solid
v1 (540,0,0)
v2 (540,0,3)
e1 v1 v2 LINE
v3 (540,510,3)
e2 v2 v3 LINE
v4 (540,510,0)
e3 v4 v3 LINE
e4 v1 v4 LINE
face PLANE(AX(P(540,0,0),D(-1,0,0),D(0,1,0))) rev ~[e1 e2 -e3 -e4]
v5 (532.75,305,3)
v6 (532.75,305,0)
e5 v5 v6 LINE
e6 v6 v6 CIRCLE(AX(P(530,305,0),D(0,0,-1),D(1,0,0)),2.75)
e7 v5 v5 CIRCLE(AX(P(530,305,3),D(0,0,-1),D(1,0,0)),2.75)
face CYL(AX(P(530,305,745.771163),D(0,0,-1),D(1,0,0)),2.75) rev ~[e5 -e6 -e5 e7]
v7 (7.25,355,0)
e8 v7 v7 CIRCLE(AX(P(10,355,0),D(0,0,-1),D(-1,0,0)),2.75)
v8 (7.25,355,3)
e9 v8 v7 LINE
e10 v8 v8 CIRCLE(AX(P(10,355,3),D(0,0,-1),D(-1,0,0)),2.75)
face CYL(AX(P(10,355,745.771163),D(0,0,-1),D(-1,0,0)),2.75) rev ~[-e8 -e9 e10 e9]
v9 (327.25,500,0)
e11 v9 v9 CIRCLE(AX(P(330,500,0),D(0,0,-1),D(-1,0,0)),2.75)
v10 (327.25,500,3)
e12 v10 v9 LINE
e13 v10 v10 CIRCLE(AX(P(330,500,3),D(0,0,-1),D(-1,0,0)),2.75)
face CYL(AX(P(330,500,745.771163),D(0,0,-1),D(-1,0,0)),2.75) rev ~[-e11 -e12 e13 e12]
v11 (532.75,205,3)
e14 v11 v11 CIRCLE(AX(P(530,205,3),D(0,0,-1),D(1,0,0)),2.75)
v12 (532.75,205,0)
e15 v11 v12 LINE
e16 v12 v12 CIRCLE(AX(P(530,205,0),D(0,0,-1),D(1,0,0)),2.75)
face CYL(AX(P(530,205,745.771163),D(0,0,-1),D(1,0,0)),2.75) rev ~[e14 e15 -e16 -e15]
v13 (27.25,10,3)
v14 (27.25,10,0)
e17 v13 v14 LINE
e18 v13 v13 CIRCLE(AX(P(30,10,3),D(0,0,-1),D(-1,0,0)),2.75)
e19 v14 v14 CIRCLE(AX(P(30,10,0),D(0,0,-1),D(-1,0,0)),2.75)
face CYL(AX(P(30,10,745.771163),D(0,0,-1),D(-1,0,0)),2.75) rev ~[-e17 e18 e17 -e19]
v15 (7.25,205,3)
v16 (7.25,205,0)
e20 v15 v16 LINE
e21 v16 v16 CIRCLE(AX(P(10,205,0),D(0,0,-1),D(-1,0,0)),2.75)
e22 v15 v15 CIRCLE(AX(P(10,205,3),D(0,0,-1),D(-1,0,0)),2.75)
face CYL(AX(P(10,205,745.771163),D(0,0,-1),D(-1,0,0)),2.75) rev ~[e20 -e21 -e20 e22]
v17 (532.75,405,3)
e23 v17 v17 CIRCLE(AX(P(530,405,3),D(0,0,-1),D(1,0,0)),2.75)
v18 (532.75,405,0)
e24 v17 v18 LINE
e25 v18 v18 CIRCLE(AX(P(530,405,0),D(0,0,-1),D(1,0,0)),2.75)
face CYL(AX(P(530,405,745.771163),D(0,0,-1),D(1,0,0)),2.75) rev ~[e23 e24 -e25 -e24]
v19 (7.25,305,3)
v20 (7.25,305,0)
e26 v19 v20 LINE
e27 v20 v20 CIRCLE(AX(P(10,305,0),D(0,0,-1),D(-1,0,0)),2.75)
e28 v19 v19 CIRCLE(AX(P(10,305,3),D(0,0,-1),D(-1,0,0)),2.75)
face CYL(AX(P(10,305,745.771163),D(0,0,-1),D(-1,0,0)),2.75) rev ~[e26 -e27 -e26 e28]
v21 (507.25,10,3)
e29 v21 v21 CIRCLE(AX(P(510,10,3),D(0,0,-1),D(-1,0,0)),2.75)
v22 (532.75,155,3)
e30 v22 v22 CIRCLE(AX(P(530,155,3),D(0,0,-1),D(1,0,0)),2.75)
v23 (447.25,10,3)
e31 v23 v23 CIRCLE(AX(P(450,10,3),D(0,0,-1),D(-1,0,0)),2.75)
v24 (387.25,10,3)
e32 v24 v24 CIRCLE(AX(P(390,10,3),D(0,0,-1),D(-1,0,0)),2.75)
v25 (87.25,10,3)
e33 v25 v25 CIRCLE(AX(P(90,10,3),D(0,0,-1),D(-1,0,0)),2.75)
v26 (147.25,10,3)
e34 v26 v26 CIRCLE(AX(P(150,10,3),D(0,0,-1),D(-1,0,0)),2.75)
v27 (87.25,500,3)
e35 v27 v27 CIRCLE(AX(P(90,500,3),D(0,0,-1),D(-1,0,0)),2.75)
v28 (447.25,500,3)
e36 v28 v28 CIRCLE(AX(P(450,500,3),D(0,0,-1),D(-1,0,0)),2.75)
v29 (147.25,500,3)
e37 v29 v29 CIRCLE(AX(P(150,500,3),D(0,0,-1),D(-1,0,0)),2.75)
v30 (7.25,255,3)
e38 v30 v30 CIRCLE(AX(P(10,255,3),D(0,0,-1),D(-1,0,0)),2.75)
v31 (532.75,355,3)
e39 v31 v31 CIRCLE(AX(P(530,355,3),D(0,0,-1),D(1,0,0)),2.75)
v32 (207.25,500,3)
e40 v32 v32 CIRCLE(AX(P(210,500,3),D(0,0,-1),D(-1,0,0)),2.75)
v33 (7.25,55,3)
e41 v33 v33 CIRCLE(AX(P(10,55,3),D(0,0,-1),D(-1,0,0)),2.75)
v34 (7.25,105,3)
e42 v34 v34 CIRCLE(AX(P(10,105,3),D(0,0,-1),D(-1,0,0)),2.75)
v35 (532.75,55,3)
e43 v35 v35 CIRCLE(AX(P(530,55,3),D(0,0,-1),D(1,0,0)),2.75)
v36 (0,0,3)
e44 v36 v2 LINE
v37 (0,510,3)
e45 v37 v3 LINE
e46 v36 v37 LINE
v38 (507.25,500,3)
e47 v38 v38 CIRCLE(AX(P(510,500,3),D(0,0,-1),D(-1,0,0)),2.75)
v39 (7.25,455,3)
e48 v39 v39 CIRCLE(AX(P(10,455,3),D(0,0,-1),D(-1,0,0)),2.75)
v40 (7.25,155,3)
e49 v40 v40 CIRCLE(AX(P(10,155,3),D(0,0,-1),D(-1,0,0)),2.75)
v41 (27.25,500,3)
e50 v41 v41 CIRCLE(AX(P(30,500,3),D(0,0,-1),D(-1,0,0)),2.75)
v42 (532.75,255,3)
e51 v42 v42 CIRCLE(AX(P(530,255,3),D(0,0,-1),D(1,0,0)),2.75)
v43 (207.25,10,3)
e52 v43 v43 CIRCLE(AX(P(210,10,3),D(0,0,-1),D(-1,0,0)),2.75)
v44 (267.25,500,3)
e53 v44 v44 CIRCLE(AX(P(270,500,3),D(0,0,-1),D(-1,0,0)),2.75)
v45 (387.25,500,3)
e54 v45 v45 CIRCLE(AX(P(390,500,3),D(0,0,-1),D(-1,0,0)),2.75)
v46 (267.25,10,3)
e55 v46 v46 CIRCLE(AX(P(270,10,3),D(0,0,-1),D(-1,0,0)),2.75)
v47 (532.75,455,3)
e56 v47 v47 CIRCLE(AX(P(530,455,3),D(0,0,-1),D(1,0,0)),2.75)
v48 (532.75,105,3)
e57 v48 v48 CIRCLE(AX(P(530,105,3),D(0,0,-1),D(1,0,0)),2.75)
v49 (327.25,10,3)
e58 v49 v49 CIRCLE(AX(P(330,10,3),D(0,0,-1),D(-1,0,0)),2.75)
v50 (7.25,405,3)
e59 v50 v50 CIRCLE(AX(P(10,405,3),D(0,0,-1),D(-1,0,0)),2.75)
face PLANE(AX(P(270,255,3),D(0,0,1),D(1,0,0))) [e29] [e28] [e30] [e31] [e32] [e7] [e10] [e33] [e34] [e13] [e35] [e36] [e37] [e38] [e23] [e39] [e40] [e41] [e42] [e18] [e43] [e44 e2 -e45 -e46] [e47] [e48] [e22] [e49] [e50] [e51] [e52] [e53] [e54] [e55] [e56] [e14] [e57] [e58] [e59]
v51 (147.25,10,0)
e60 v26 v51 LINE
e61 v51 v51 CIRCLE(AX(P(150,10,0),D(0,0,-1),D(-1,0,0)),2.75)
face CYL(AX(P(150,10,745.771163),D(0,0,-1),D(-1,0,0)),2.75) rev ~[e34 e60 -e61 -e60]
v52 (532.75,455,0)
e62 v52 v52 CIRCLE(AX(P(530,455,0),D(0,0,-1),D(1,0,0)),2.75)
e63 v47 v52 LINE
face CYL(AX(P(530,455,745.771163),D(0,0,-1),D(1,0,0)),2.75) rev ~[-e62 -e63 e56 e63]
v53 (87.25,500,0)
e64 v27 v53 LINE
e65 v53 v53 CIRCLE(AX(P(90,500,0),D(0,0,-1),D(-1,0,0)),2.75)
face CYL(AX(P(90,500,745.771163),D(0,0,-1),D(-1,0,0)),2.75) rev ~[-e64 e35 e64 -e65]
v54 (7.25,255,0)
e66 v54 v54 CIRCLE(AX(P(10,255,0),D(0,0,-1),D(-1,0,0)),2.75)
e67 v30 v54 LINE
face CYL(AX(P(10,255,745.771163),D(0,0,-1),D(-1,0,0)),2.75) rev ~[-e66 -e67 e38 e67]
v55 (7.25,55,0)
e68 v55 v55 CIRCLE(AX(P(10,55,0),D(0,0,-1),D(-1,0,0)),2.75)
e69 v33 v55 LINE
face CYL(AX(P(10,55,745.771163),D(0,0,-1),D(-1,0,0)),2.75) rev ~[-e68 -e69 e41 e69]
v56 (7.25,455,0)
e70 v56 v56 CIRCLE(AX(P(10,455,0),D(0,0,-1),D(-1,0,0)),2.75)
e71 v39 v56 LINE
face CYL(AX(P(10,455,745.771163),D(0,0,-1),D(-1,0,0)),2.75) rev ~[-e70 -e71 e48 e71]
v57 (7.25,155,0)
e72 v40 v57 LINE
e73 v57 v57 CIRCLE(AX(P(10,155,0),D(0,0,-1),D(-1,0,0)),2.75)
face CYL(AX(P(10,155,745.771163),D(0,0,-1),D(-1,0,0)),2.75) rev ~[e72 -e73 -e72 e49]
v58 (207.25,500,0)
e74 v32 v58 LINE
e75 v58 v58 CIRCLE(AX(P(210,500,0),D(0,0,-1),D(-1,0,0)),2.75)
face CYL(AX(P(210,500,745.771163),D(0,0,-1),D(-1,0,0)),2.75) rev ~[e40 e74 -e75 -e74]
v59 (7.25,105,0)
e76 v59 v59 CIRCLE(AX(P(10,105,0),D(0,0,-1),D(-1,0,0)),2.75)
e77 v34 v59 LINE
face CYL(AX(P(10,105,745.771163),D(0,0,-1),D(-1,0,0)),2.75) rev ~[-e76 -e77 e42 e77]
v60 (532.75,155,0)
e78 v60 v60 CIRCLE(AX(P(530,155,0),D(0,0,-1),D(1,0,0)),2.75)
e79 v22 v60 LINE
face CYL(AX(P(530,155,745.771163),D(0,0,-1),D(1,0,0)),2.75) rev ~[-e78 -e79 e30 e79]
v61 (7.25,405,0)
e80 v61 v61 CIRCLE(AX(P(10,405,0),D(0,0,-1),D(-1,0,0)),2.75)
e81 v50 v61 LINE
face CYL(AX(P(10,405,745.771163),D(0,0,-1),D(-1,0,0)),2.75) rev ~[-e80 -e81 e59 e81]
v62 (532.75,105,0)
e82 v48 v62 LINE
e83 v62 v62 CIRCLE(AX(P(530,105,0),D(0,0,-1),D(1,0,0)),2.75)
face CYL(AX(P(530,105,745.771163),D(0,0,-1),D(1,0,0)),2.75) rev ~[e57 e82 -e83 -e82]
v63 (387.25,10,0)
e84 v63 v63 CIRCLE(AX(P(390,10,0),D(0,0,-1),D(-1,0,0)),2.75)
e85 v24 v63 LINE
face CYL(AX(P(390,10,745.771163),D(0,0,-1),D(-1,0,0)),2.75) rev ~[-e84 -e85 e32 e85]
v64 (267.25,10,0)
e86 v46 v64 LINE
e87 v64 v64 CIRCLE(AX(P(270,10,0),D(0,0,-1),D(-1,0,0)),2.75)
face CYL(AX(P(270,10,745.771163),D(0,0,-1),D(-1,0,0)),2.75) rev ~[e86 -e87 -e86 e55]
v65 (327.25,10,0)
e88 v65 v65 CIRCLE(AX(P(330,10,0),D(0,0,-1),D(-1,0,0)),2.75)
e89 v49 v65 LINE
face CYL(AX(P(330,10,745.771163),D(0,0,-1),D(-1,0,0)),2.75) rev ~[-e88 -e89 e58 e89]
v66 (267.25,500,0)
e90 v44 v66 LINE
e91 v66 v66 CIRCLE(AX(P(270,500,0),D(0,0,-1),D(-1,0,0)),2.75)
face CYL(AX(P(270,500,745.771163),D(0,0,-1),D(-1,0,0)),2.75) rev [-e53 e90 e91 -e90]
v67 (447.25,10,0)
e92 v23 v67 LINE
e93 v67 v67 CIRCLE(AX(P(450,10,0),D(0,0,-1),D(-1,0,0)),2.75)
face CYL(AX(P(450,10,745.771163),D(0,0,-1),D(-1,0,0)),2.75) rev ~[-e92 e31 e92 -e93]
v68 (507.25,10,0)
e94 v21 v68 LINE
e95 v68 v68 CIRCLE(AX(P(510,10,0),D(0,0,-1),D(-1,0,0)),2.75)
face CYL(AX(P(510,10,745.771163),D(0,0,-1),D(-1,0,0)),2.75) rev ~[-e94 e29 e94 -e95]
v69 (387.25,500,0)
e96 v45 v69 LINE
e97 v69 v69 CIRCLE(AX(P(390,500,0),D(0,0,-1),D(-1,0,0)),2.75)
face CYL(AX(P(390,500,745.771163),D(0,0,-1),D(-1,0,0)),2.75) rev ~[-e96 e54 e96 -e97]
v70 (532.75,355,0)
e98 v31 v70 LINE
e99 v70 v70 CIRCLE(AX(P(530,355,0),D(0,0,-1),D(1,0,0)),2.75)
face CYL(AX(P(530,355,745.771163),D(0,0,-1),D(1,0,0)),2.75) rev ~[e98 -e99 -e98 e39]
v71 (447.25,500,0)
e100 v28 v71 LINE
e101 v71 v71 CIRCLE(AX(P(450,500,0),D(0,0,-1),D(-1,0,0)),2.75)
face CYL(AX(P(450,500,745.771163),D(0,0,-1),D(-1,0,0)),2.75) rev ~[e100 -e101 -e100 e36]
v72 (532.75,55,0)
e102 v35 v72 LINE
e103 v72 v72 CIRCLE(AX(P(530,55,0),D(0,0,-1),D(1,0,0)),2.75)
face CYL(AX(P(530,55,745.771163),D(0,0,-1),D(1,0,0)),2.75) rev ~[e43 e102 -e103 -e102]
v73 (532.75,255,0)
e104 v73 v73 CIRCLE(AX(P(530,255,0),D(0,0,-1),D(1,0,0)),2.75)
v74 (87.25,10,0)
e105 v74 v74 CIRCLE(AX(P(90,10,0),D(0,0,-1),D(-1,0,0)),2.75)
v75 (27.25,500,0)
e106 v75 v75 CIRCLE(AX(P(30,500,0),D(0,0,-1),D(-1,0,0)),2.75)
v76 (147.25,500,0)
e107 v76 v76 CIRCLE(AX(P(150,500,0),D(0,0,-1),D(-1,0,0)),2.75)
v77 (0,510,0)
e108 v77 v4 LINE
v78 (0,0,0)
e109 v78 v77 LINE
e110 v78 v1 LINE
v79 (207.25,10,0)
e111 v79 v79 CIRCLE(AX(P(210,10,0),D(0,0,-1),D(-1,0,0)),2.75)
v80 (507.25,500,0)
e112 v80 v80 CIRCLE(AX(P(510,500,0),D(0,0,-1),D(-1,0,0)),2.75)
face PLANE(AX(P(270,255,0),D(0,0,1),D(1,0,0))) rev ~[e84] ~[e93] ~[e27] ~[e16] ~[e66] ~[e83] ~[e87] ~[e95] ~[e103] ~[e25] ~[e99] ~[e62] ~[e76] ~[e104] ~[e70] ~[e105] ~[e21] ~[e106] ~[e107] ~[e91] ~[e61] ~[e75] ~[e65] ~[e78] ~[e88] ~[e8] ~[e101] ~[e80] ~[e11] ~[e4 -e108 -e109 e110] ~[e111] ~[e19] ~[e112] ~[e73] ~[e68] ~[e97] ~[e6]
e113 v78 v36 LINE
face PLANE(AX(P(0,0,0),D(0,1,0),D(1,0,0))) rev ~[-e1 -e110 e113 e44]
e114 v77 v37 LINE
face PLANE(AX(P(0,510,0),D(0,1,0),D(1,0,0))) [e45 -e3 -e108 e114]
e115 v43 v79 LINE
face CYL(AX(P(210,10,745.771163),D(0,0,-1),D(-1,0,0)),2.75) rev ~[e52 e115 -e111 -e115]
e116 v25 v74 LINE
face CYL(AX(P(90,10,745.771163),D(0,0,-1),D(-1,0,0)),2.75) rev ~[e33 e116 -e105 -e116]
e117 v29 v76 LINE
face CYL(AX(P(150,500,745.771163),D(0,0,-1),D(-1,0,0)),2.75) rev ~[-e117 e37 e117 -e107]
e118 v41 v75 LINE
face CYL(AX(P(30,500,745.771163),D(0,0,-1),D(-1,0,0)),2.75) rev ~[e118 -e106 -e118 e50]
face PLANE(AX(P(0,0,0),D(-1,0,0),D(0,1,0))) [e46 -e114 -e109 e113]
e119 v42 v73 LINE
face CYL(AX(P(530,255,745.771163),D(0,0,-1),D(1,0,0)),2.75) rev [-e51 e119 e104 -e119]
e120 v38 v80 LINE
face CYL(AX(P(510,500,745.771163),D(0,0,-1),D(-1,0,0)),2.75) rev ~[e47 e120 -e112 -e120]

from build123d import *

# Parameters (mm, degrees)
SKETCH1_W            = 540
SKETCH1_H            = 510
BOSS_EXTRUDE1_DEPTH  = 3
M5_CLEARANCE_HOLE1_D = 5.5
LPATTERN1_COUNT      = 5
LPATTERN1_PITCH      = 50
LPATTERN2_COUNT      = 5
LPATTERN2_PITCH      = 50
M5_CLEARANCE_HOLE2_D = 5.5
LPATTERN3_COUNT      = 5
LPATTERN3_PITCH      = 60
LPATTERN4_COUNT      = 5
LPATTERN4_PITCH      = 60
MIRROR1_COPY_1_D     = 5.5
MIRROR1_COPY_2_D     = 5.5
MIRROR1_COPY_3_D     = 5.5
MIRROR1_COPY_4_D     = 5.5
MIRROR1_COPY_5_D     = 5.5
MIRROR1_COPY_6_D     = 5.5
MIRROR1_COPY_7_D     = 5.5
MIRROR1_COPY_8_D     = 5.5
MIRROR2_COPY_1_D     = 5.5
MIRROR2_COPY_2_D     = 5.5
MIRROR2_COPY_3_D     = 5.5
MIRROR2_COPY_4_D     = 5.5
MIRROR2_COPY_5_D     = 5.5
MIRROR2_COPY_6_D     = 5.5
MIRROR2_COPY_7_D     = 5.5
MIRROR2_COPY_8_D     = 5.5


with BuildPart() as part:
    # Sketch1 → Boss-Extrude1 (new body)
    with BuildSketch(Plane.XY):
        with Locations((270, 255)):
            Rectangle(SKETCH1_W, SKETCH1_H)
    extrude(amount=BOSS_EXTRUDE1_DEPTH)

    # M5 Clearance Hole1 (through all)
    with Locations(Plane.XY.offset(3)):
        with Locations((10, 255)):
            m5_clearance_hole1 = Hole(M5_CLEARANCE_HOLE1_D / 2)

    # LPattern1: M5 Clearance Hole1 ×5
    with Locations(*[(0, i * LPATTERN1_PITCH, 0) for i in range(1, LPATTERN1_COUNT)]):
        add(m5_clearance_hole1, mode=Mode.SUBTRACT)

    # LPattern2: M5 Clearance Hole1 ×5
    with Locations(*[(0, -i * LPATTERN2_PITCH, 0) for i in range(1, LPATTERN2_COUNT)]):
        add(m5_clearance_hole1, mode=Mode.SUBTRACT)

    # M5 Clearance Hole2 (through all)
    with Locations(Plane.XY.offset(3)):
        with Locations((270, 10)):
            m5_clearance_hole2 = Hole(M5_CLEARANCE_HOLE2_D / 2)

    # LPattern3: M5 Clearance Hole2 ×5
    with Locations(*[(i * LPATTERN3_PITCH, 0, 0) for i in range(1, LPATTERN3_COUNT)]):
        add(m5_clearance_hole2, mode=Mode.SUBTRACT)

    # LPattern4: M5 Clearance Hole2 ×5
    with Locations(*[(-i * LPATTERN4_PITCH, 0, 0) for i in range(1, LPATTERN4_COUNT)]):
        add(m5_clearance_hole2, mode=Mode.SUBTRACT)

    # Mirror1: M5 Clearance Hole2 across plane
    add(m5_clearance_hole2.mirror(Plane.ZX.offset(255)), mode=Mode.SUBTRACT)

    # Mirror1 copy 1 (through all)
    with Locations(Plane(origin=(60, 510, 3), x_dir=(1, 0, 0), z_dir=(0, 0, 1))):
        with Locations((270, -10)):
            Hole(MIRROR1_COPY_1_D / 2)

    # Mirror1 copy 2 (through all)
    with Locations(Plane(origin=(120, 510, 3), x_dir=(1, 0, 0), z_dir=(0, 0, 1))):
        with Locations((270, -10)):
            Hole(MIRROR1_COPY_2_D / 2)

    # Mirror1 copy 3 (through all)
    with Locations(Plane(origin=(180, 510, 3), x_dir=(1, 0, 0), z_dir=(0, 0, 1))):
        with Locations((270, -10)):
            Hole(MIRROR1_COPY_3_D / 2)

    # Mirror1 copy 4 (through all)
    with Locations(Plane(origin=(240, 510, 3), x_dir=(1, 0, 0), z_dir=(0, 0, 1))):
        with Locations((270, -10)):
            Hole(MIRROR1_COPY_4_D / 2)

    # Mirror1 copy 5 (through all)
    with Locations(Plane(origin=(-60, 510, 3), x_dir=(1, 0, 0), z_dir=(0, 0, 1))):
        with Locations((270, -10)):
            Hole(MIRROR1_COPY_5_D / 2)

    # Mirror1 copy 6 (through all)
    with Locations(Plane(origin=(-120, 510, 3), x_dir=(1, 0, 0), z_dir=(0, 0, 1))):
        with Locations((270, -10)):
            Hole(MIRROR1_COPY_6_D / 2)

    # Mirror1 copy 7 (through all)
    with Locations(Plane(origin=(-180, 510, 3), x_dir=(1, 0, 0), z_dir=(0, 0, 1))):
        with Locations((270, -10)):
            Hole(MIRROR1_COPY_7_D / 2)

    # Mirror1 copy 8 (through all)
    with Locations(Plane(origin=(-240, 510, 3), x_dir=(1, 0, 0), z_dir=(0, 0, 1))):
        with Locations((270, -10)):
            Hole(MIRROR1_COPY_8_D / 2)

    # Mirror2: M5 Clearance Hole1 across plane
    add(m5_clearance_hole1.mirror(Plane.ZY.offset(-270)), mode=Mode.SUBTRACT)

    # Mirror2 copy 1 (through all)
    with Locations(Plane(origin=(540, 50, 3), x_dir=(-1, 0, 0), z_dir=(0, 0, 1))):
        with Locations((10, -255)):
            Hole(MIRROR2_COPY_1_D / 2)

    # Mirror2 copy 2 (through all)
    with Locations(Plane(origin=(540, 100, 3), x_dir=(-1, 0, 0), z_dir=(0, 0, 1))):
        with Locations((10, -255)):
            Hole(MIRROR2_COPY_2_D / 2)

    # Mirror2 copy 3 (through all)
    with Locations(Plane(origin=(540, 150, 3), x_dir=(-1, 0, 0), z_dir=(0, 0, 1))):
        with Locations((10, -255)):
            Hole(MIRROR2_COPY_3_D / 2)

    # Mirror2 copy 4 (through all)
    with Locations(Plane(origin=(540, 200, 3), x_dir=(-1, 0, 0), z_dir=(0, 0, 1))):
        with Locations((10, -255)):
            Hole(MIRROR2_COPY_4_D / 2)

    # Mirror2 copy 5 (through all)
    with Locations(Plane(origin=(540, -50, 3), x_dir=(-1, 0, 0), z_dir=(0, 0, 1))):
        with Locations((10, -255)):
            Hole(MIRROR2_COPY_5_D / 2)

    # Mirror2 copy 6 (through all)
    with Locations(Plane(origin=(540, -100, 3), x_dir=(-1, 0, 0), z_dir=(0, 0, 1))):
        with Locations((10, -255)):
            Hole(MIRROR2_COPY_6_D / 2)

    # Mirror2 copy 7 (through all)
    with Locations(Plane(origin=(540, -150, 3), x_dir=(-1, 0, 0), z_dir=(0, 0, 1))):
        with Locations((10, -255)):
            Hole(MIRROR2_COPY_7_D / 2)

    # Mirror2 copy 8 (through all)
    with Locations(Plane(origin=(540, -200, 3), x_dir=(-1, 0, 0), z_dir=(0, 0, 1))):
        with Locations((10, -255)):
            Hole(MIRROR2_COPY_8_D / 2)


solid = part.part
